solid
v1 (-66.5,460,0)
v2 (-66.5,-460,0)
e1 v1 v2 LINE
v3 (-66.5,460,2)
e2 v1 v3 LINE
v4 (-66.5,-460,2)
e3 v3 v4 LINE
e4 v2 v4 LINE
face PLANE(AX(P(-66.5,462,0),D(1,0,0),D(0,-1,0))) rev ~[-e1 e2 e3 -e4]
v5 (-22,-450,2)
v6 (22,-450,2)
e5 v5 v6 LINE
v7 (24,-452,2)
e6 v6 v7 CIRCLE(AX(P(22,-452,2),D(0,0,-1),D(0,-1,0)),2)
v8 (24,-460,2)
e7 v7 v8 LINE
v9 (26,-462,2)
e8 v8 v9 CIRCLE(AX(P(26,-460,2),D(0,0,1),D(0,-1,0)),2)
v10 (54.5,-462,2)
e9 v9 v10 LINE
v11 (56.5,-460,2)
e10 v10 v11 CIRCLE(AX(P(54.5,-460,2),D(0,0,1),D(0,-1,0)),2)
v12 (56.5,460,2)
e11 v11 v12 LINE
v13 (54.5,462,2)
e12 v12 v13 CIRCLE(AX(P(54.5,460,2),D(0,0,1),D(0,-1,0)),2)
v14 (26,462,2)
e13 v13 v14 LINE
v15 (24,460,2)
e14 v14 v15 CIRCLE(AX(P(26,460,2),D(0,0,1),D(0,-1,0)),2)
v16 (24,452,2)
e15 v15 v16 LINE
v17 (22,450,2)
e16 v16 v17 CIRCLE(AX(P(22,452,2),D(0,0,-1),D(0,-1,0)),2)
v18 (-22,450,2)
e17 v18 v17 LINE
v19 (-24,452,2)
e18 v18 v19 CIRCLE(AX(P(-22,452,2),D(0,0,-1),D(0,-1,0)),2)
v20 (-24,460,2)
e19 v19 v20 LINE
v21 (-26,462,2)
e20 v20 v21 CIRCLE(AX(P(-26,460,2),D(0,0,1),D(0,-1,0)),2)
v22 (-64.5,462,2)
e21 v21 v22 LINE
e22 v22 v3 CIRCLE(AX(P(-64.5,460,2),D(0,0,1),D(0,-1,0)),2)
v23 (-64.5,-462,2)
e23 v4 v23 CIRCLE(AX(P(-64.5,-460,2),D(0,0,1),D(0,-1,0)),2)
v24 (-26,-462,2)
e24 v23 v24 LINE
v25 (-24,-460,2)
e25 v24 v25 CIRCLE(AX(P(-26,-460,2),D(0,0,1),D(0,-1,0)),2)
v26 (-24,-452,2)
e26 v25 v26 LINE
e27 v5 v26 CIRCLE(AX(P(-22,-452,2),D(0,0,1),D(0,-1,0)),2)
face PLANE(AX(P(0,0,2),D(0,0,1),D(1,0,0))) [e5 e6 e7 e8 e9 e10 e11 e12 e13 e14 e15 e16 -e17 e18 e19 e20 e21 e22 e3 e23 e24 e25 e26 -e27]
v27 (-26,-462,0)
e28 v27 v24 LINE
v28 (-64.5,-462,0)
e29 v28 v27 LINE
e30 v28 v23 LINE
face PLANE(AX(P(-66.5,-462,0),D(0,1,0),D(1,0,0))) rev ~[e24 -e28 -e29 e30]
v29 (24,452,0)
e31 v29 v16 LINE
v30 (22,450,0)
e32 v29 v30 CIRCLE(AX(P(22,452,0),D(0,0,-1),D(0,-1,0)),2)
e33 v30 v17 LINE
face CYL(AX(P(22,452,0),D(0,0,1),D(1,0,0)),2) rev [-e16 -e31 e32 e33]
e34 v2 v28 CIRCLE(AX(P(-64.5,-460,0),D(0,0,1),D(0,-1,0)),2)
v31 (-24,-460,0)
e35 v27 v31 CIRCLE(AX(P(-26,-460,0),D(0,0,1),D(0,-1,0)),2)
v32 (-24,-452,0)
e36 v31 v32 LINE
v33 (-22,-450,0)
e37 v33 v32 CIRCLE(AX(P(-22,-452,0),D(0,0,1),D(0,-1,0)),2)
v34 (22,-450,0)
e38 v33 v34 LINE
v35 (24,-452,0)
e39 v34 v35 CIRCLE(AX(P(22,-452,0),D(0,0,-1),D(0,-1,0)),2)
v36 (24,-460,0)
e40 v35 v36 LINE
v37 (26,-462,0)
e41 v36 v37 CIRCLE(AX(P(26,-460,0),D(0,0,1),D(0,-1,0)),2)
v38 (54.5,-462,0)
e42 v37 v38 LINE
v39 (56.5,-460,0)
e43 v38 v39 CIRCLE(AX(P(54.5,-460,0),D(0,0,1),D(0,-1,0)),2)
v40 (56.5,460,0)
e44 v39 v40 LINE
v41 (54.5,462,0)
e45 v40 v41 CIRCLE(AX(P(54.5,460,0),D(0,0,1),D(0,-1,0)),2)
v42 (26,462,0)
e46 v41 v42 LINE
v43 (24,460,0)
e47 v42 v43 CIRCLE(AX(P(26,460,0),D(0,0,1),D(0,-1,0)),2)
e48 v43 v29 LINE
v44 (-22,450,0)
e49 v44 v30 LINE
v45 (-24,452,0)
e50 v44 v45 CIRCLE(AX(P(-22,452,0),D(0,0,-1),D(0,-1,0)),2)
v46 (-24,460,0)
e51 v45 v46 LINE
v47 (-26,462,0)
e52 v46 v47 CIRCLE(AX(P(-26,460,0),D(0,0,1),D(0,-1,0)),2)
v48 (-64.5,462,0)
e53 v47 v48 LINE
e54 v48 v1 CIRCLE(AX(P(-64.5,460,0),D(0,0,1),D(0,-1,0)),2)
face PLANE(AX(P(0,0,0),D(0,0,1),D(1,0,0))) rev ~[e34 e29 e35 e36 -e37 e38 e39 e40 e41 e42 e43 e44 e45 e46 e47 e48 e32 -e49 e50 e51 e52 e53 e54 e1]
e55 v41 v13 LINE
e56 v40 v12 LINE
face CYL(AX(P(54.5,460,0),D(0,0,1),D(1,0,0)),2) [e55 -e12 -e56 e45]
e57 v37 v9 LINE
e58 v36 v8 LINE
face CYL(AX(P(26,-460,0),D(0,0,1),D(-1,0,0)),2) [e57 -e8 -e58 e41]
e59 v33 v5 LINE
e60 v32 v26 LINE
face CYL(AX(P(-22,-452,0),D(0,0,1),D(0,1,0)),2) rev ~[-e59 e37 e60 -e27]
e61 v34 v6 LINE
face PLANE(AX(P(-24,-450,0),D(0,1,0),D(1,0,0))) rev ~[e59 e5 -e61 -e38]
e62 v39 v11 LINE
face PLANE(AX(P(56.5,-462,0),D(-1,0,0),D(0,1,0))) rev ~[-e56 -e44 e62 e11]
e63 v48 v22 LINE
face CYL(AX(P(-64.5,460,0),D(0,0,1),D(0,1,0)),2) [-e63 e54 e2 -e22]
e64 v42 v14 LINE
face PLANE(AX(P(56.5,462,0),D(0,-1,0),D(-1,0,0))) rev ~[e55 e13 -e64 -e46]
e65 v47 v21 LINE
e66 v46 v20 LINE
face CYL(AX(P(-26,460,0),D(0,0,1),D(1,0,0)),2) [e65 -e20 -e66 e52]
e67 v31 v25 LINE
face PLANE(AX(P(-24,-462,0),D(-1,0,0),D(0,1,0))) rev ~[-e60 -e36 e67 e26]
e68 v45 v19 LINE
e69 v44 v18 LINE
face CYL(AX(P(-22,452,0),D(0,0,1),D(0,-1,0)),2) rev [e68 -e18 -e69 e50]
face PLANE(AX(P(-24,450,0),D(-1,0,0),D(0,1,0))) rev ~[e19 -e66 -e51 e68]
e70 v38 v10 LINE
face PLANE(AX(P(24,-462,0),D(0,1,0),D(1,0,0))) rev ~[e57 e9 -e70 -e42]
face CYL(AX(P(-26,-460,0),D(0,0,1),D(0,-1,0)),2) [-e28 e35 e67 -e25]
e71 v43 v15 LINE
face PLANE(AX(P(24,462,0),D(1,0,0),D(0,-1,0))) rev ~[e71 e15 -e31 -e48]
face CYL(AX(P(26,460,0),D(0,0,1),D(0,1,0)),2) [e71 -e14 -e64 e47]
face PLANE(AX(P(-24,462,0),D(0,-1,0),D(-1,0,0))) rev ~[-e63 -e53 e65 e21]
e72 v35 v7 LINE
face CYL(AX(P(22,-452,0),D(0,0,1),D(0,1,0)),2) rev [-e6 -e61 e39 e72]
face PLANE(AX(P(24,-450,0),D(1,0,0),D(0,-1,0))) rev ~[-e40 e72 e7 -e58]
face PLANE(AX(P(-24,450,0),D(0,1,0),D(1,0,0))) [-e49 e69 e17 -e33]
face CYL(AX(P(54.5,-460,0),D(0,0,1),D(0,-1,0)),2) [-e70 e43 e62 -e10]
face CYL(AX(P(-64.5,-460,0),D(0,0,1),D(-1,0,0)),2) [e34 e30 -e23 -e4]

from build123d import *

# Parameters (mm, degrees)
F0_W     = 48
F0_H     = 900
F1_DEPTH = 2
F3_R     = 2


with BuildPart() as f1:
    # F0 (on Top) → F1 (new body)
    with BuildSketch(Plane.XY):
        Rectangle(F0_W, F0_H)
        Polygon((24, 462), (24, 450), (24, -450), (24, -462), (56.5, -462), (56.5, 462), align=None)
        Polygon((-24, -450), (-24, 450), (-24, 462), (-66.5, 462), (-66.5, -462), (-24, -462), align=None)
    extrude(amount=F1_DEPTH)

    # F3
    f3_edges = [f1.edges().sort_by_distance(p)[0] for p in [
        (-66.5, -462, 1),
        (-24, -462, 1),
        (-24, -450, 1),
        (24, -462, 1),
        (56.5, -462, 1),
        (24, -450, 1),
        (56.5, 462, 1),
        (24, 450, 1),
        (24, 462, 1),
        (-24, 462, 1),
        (-66.5, 462, 1),
        (-24, 450, 1),
    ]]
    fillet(f3_edges, radius=F3_R)


solid = f1.part
